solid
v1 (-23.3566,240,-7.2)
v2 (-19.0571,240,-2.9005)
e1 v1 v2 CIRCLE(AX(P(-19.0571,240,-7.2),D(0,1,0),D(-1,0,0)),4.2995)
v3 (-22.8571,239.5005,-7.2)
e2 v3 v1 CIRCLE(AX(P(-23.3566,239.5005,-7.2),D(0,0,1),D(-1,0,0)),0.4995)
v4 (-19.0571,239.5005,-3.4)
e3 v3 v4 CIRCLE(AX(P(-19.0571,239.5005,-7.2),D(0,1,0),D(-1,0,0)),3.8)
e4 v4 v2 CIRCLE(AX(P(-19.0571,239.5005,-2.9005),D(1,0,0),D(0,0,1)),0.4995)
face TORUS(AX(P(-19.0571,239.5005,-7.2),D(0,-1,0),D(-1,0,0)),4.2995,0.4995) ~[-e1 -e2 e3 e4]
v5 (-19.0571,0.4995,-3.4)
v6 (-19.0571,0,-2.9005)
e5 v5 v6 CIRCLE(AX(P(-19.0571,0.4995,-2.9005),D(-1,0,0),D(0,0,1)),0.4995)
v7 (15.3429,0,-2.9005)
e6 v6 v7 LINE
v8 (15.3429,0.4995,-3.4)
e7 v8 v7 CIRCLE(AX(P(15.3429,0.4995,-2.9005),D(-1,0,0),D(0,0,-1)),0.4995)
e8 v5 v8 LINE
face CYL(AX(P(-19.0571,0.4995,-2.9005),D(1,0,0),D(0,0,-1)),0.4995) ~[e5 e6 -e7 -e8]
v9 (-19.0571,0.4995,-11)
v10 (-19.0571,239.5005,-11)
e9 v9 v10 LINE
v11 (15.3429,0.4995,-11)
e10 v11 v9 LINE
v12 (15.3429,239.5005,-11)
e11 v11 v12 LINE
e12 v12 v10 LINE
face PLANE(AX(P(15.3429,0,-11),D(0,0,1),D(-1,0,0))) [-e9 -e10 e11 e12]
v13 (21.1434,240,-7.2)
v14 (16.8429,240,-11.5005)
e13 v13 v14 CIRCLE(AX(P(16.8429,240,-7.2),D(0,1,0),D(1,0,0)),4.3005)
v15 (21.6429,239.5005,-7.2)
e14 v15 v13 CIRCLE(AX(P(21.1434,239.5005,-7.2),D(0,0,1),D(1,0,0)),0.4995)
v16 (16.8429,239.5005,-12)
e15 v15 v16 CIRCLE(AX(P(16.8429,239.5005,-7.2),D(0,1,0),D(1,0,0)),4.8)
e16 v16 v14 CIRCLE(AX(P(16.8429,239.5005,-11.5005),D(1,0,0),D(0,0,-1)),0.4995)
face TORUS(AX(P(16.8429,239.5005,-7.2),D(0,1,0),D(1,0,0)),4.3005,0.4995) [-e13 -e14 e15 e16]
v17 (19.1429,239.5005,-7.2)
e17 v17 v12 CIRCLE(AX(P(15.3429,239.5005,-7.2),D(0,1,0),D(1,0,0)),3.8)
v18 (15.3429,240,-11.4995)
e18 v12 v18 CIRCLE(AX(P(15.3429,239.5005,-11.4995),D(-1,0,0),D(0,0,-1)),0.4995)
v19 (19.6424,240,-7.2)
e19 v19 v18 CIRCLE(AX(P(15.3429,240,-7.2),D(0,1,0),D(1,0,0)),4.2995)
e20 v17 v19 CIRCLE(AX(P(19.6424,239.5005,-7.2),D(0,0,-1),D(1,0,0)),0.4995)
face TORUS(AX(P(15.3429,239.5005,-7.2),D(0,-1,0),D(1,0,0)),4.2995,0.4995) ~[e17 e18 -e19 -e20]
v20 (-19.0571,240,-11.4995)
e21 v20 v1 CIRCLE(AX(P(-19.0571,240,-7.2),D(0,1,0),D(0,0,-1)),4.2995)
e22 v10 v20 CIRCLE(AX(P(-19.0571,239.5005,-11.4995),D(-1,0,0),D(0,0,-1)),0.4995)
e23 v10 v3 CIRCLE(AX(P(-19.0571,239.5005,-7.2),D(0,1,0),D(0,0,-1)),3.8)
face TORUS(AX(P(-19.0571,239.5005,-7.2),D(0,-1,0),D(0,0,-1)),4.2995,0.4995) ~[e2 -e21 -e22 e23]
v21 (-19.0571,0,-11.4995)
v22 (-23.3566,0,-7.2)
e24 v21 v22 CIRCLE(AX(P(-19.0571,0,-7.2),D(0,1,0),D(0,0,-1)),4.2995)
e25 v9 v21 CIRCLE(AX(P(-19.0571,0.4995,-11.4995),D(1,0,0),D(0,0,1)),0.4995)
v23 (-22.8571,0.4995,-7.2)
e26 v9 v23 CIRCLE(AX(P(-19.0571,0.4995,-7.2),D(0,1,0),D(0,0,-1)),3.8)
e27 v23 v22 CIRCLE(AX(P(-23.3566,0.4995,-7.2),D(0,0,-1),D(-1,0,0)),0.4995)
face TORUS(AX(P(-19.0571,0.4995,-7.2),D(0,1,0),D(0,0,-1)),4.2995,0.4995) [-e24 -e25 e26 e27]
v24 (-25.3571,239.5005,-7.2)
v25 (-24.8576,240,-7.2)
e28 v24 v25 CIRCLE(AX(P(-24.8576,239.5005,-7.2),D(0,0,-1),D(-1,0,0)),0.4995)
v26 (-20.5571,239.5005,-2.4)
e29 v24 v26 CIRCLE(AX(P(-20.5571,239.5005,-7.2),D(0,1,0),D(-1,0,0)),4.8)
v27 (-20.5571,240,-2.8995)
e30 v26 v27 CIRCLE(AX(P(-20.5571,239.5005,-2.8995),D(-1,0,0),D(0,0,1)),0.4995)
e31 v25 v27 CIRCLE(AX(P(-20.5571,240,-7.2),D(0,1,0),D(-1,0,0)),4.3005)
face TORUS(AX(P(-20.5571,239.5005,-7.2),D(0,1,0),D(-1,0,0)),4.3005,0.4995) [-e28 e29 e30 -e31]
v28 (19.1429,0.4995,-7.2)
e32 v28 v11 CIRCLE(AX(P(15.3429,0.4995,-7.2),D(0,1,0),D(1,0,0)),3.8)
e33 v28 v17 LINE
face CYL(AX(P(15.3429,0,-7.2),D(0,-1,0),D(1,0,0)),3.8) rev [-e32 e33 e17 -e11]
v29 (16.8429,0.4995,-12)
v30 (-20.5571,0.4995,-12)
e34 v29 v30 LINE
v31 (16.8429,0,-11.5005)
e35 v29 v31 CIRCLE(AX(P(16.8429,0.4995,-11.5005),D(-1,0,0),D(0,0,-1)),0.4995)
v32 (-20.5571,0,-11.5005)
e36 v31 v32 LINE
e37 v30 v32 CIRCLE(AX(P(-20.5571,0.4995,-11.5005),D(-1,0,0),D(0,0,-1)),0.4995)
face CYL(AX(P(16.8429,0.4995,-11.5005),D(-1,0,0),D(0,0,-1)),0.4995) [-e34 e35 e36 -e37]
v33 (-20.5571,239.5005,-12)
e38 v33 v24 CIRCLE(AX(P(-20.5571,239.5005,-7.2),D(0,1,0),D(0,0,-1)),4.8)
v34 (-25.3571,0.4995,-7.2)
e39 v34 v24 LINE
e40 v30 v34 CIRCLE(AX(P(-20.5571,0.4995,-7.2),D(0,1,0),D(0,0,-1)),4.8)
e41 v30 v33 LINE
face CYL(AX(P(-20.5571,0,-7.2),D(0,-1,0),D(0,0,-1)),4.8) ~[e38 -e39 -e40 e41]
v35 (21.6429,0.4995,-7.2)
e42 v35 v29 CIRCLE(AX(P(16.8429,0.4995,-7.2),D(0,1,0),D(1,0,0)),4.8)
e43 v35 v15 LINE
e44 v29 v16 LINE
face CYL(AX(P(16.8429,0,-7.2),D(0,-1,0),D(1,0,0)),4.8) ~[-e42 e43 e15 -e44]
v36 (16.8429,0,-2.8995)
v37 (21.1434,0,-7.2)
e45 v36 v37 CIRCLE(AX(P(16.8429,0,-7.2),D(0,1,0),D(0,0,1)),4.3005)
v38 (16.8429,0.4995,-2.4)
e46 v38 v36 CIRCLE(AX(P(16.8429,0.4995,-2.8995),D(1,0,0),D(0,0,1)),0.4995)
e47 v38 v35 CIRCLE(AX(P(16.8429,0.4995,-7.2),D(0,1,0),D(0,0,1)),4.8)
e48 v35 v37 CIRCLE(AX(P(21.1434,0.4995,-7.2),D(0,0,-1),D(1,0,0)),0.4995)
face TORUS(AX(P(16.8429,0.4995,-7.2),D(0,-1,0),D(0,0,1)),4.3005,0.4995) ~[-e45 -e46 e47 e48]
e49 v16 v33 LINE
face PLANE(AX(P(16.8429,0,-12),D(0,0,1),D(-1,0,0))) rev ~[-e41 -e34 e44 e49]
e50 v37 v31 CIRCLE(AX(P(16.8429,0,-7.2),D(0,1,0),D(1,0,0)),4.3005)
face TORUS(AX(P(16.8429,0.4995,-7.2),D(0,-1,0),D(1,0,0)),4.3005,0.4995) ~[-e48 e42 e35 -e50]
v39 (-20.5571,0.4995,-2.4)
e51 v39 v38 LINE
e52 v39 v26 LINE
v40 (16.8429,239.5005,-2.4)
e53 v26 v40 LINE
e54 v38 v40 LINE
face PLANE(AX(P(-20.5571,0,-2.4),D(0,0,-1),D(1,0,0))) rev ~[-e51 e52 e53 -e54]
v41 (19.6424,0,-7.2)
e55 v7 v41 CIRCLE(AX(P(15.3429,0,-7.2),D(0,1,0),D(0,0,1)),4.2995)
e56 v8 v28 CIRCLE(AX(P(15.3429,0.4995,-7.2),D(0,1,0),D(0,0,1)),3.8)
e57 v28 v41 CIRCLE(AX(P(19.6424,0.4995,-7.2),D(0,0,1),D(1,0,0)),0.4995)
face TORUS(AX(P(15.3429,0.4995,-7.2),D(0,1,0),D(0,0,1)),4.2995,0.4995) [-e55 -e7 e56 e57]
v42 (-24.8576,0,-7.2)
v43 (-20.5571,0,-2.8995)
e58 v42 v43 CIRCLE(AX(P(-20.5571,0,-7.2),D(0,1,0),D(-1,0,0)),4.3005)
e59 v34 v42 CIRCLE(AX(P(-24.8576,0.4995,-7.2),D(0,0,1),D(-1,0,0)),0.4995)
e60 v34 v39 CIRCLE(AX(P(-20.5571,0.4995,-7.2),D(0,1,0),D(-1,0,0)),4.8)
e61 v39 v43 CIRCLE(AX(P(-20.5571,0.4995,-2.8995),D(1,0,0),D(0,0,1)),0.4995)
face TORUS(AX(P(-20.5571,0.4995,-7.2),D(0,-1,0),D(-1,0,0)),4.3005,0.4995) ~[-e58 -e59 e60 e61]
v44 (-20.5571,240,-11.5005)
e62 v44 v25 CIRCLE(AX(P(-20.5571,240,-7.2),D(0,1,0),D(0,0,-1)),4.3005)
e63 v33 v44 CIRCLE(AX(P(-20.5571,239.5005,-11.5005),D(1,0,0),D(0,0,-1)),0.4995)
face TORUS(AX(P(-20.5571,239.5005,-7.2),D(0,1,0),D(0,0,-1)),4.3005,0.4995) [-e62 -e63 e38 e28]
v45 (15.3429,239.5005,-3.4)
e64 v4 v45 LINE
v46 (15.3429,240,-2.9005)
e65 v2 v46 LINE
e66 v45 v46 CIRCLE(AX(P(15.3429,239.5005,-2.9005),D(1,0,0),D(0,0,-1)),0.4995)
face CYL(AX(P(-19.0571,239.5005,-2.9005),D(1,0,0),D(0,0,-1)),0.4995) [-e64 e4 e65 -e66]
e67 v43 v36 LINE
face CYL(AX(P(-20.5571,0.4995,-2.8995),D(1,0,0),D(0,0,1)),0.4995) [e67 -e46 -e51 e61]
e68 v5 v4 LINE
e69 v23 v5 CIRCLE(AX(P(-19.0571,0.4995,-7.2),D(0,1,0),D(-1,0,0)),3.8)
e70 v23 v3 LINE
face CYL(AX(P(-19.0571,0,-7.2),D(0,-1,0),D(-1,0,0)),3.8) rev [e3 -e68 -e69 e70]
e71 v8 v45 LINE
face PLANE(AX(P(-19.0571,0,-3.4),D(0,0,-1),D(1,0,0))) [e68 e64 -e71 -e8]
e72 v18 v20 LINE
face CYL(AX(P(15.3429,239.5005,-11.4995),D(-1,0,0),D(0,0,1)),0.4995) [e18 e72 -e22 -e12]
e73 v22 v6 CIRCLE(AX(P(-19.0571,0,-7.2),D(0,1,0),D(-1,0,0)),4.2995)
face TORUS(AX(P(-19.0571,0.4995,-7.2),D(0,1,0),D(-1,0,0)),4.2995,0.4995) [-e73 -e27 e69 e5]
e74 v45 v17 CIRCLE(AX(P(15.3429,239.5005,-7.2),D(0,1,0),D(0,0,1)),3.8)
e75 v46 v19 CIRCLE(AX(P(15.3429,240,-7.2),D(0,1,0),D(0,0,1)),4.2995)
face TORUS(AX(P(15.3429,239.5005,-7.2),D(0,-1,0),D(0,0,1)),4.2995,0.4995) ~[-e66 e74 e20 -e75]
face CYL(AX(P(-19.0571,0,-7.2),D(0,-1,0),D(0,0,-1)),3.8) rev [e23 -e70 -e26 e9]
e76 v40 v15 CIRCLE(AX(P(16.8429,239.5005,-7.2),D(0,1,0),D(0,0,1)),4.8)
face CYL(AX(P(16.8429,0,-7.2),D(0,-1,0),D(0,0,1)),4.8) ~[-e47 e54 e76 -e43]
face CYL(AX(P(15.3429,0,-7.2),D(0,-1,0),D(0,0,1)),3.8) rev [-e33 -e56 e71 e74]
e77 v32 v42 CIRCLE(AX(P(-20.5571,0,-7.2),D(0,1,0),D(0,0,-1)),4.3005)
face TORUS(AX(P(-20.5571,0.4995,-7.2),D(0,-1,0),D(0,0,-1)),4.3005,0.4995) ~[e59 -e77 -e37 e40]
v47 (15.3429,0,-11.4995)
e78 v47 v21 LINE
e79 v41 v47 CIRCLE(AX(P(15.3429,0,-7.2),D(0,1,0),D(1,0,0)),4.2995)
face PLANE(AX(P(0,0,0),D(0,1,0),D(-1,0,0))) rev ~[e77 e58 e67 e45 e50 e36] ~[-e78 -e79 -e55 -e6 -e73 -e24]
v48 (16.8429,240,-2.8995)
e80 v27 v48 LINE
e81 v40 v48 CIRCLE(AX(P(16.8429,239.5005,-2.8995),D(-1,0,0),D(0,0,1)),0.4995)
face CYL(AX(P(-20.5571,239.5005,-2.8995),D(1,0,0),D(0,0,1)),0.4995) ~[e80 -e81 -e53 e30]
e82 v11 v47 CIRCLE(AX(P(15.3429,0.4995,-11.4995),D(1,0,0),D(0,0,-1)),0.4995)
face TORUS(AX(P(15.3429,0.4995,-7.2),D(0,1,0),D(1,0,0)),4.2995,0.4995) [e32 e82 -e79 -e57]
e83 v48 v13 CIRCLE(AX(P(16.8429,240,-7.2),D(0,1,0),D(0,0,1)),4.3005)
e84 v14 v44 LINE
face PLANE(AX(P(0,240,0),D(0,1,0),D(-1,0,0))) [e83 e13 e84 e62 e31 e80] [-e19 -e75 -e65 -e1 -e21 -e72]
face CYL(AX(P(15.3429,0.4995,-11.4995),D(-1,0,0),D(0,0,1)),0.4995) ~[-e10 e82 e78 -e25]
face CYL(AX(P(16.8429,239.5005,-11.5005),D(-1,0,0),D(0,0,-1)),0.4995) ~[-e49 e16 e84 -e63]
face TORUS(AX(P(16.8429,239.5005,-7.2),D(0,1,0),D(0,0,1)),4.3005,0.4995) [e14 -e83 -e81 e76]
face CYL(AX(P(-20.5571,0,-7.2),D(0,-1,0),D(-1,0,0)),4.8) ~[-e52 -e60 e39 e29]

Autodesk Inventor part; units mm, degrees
ref_plane "YZ Plane" through (0, 0, 0) normal (1, 0, 0) x (0, 1, 0)
sketch "Эскиз1" plane through (0, 0, 0) normal (0, 1, 0) x (-1, 0, 0)
  line L0 (20.5571, -2.4) -> (-16.8429, -2.4)
  line L1 (-21.6429, -7.2) -> (-21.6429, -7.2)
  line L2 (-16.8429, -12) -> (20.5571, -12)
  line L3 (25.3571, -7.2) -> (25.3571, -7.2)
  arc A0 (25.3571, -7.2) -> (20.5571, -2.4) centre (20.5571, -7.2) ccw
  arc A1 (20.5571, -12) -> (25.3571, -7.2) centre (20.5571, -7.2) ccw
  arc A2 (-16.8429, -2.4) -> (-21.6429, -7.2) centre (-16.8429, -7.2) ccw
  arc A3 (-21.6429, -7.2) -> (-16.8429, -12) centre (-16.8429, -7.2) ccw
  line L4 (19.0571, -3.4) -> (-15.3429, -3.4)
  line L5 (-19.1429, -7.2) -> (-19.1429, -7.2)
  line L6 (-15.3429, -11) -> (19.0571, -11)
  line L7 (22.8571, -7.2) -> (22.8571, -7.2)
  arc A4 (22.8571, -7.2) -> (19.0571, -3.4) centre (19.0571, -7.2) ccw
  arc A5 (19.0571, -11) -> (22.8571, -7.2) centre (19.0571, -7.2) ccw
  arc A6 (-19.1429, -7.2) -> (-15.3429, -11) centre (-15.3429, -7.2) ccw
  arc A7 (-15.3429, -3.4) -> (-19.1429, -7.2) centre (-15.3429, -7.2) ccw
  point P0 (0, 0)
  point P1 (25.3571, -2.4)
  point P2 (-21.6429, -2.4)
  dimension "d0" = 47
  dimension "d1" = 9.6
  dimension "d2" = 4.8
  dimension "d3" = 1
  dimension "d4" = 1
  dimension "d5" = 2.5
  dimension "d6" = 2.5
  dimension "d7" = 3.8
extrude "Выдавливание1" add sketch "Эскиз1" along normal blind 240
ref_plane "РабПлоскость1" through (0, 250, 0) normal (0, 1, 0) x (1, 0, 0)
fillet "Сопряжение1" radius 0.5 16 edges at (-23.9513, 0, -3.8059) (-1.8571, 0, -12) (20.237, 0, -3.8059) (-1.8571, 0, -2.4) (18.0299, 0, -9.887) (-1.8571, 0, -11) (-21.7441, 0, -9.887) (-1.8571, 0, -3.4) (-21.7441, 240, -9.887) (-1.8571, 240, -11) (18.0299, 240, -9.887) (-1.8571, 240, -3.4) (20.237, 240, -10.5941) (-1.8571, 240, -12) (-23.9513, 240, -3.8059) (-1.8571, 240, -2.4)
ref_plane "РабПлоскость2" through (-19.0571, 0, -7.2) normal (0, 0, -1) x (0, 1, 0)
ref_plane "РабПлоскость4" through (-12.0571, 0, -7.2) normal (-1, 0, 0) x (0, 1, 0)
ref_plane "РабПлоскость3" through (-19.0571, 0, -7.2) normal (-1, 0, 0) x (0, 1, 0)
ref_plane "РабПлоскость5" through (-5.0571, 0, -7.2) normal (-1, 0, 0) x (0, 1, 0)
ref_plane "РабПлоскость6" through (1.9429, 0, -7.2) normal (-1, 0, 0) x (0, 1, 0)
ref_plane "РабПлоскость7" through (8.9429, 0, -7.2) normal (-1, 0, 0) x (0, 1, 0)
ref_plane "РабПлоскость8" through (15.9429, 0, -7.2) normal (-1, 0, 0) x (0, 1, 0)
properties part number "isolator_B"
